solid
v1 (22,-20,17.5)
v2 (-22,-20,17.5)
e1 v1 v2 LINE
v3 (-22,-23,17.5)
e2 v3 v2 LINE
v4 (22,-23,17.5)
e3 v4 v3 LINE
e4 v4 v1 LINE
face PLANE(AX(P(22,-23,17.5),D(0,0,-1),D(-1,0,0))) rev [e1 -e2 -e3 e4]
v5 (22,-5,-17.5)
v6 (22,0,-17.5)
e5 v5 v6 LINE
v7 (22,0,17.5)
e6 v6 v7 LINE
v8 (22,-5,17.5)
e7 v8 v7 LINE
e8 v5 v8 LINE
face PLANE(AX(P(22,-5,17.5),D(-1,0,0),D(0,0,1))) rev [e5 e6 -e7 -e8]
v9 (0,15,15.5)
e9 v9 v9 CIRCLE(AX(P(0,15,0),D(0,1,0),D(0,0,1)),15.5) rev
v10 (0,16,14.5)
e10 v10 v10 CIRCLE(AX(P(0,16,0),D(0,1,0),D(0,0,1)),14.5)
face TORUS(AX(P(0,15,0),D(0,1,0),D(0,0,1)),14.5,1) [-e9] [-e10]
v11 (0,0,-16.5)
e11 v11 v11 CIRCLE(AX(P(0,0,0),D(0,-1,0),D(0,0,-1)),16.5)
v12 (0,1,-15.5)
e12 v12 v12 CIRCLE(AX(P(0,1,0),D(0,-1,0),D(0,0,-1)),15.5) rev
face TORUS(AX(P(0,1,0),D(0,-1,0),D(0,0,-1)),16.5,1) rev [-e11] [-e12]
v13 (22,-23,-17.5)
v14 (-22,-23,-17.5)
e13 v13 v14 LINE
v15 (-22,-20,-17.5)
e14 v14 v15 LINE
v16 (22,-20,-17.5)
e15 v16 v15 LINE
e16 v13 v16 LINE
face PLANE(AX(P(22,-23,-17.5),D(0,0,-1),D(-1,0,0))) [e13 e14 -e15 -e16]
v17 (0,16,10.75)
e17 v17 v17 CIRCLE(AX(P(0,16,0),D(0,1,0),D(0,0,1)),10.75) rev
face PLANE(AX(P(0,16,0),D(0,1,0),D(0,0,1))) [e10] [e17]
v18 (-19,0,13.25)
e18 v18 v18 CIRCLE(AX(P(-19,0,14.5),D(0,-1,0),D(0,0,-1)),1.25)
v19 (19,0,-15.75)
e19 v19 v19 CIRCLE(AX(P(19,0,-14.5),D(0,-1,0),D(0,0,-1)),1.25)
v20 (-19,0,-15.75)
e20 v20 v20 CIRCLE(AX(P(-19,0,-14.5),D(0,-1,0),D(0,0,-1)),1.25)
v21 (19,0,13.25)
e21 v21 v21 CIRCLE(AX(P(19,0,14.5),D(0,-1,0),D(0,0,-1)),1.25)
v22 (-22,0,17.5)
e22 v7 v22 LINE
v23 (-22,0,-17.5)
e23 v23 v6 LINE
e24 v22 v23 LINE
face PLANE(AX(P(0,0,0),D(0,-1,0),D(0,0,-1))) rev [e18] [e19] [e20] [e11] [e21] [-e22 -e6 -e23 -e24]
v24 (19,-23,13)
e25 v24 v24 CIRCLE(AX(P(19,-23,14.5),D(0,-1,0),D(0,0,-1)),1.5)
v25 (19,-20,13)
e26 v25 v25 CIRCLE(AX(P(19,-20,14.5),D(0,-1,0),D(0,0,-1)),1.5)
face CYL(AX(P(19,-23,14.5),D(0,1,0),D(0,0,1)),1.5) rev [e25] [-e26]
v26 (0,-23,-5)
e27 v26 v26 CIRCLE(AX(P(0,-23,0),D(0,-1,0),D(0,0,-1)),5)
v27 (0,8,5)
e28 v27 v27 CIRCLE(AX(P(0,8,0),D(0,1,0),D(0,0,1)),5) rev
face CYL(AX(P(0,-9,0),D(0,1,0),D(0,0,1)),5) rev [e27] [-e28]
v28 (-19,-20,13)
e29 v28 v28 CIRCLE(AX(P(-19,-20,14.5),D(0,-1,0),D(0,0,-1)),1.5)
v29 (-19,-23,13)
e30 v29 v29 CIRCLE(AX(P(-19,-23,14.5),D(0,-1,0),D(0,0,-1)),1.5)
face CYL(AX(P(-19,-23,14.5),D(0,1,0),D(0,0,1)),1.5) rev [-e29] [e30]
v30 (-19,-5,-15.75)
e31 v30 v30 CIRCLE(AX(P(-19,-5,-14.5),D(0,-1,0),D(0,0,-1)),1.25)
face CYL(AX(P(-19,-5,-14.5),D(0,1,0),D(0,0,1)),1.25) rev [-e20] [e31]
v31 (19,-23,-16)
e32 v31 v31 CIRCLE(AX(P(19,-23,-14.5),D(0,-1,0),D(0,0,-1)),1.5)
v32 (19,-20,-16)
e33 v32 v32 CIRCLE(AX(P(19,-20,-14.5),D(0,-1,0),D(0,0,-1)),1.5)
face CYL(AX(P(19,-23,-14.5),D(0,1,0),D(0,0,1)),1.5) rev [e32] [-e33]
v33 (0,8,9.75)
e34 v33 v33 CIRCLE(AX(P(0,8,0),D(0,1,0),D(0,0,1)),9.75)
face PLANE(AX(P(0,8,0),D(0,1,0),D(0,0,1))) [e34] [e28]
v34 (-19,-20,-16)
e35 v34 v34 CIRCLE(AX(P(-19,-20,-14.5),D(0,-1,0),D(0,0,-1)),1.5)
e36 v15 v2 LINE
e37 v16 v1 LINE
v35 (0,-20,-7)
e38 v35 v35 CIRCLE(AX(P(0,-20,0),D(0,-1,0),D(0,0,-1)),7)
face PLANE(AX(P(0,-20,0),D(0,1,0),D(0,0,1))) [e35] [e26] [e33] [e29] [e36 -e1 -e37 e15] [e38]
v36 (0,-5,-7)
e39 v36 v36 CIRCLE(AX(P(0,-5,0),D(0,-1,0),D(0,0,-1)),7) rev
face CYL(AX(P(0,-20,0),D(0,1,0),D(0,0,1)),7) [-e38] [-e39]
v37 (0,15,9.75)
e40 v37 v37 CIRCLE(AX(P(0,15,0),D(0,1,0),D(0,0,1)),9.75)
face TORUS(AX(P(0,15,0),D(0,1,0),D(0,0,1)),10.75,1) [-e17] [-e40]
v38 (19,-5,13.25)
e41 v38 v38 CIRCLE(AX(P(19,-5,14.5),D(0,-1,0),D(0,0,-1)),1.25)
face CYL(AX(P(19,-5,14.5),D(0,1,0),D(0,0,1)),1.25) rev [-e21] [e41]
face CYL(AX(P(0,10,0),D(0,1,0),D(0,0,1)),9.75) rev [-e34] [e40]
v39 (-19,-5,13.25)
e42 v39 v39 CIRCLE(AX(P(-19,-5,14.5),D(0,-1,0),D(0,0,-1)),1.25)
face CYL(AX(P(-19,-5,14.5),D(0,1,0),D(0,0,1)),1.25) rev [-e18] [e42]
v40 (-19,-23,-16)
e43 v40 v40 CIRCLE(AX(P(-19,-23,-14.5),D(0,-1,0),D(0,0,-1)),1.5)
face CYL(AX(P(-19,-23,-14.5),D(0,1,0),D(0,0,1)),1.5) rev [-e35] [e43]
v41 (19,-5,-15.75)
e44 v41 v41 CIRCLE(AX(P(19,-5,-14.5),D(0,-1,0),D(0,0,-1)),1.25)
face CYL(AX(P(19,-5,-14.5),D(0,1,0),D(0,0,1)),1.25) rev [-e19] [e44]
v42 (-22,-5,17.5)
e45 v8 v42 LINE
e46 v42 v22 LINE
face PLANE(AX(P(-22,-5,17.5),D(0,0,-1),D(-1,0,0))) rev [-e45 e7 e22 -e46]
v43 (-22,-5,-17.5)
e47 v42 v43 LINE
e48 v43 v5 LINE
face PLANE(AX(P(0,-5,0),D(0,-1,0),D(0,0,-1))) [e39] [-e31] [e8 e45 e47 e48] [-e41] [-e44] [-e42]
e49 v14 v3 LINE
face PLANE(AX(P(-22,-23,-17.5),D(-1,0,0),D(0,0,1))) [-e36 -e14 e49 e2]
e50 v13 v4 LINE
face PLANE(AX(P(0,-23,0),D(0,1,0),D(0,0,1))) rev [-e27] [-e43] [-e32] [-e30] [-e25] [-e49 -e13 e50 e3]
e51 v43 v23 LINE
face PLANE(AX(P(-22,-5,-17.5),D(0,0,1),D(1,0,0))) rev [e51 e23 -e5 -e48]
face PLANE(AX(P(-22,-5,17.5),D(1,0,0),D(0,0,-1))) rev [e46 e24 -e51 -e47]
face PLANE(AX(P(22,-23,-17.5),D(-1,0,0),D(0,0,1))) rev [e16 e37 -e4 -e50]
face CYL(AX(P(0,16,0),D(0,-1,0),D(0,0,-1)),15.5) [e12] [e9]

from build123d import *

# Parameters (mm, degrees)
SKETCH1_R           = 15.5
BOSS_EXTRUDE1_DEPTH = 16
SKETCH16_W          = 44
SKETCH16_H          = 35
SKETCH16_R          = 1.25
BOSS_EXTRUDE6_DEPTH = 5
SKETCH17_R          = 9.75
CUT_EXTRUDE5_DEPTH  = 6
SKETCH18_R          = 5
CUT_EXTRUDE7_DEPTH  = 19
FILLET4_R           = 1
FILLET1_R           = 1
FILLET3_R           = 1
SKETCH2_R           = 7
BOSS_EXTRUDE3_DEPTH = 20
SKETCH5_R           = 9.75
CUT_EXTRUDE1_DEPTH  = 8
SKETCH6_R           = 5
CUT_EXTRUDE2_DEPTH  = 30
SKETCH12_W          = 44
SKETCH12_H          = 35
BOSS_EXTRUDE4_DEPTH = 3
SKETCH14_R          = 1.5
CUT_EXTRUDE3_DEPTH  = 3
SKETCH15_R          = 5
CUT_EXTRUDE4_DEPTH  = 3


with BuildPart() as part:
    # Sketch1 → Boss-Extrude1 (new body)
    with BuildSketch(Plane(origin=(0, 0, 0), x_dir=(1, 0, 0), z_dir=(0, 1, 0))):
        with Locations(Location((0, 0, 0), (0, 0, 270))):
            Circle(SKETCH1_R)
    extrude(amount=BOSS_EXTRUDE1_DEPTH)

    # Sketch16 → Boss-Extrude6 (add)
    with BuildSketch(Plane.XZ):
        Rectangle(SKETCH16_W, SKETCH16_H)
        with Locations(Location((-19, 14.5, 0), (0, 0, 270))):
            Circle(SKETCH16_R, mode=Mode.SUBTRACT)
        with Locations(Location((19, 14.5, 0), (0, 0, 270))):
            Circle(SKETCH16_R, mode=Mode.SUBTRACT)
        with Locations(Location((19, -14.5, 0), (0, 0, 270))):
            Circle(SKETCH16_R, mode=Mode.SUBTRACT)
        with Locations(Location((-19, -14.5, 0), (0, 0, 270))):
            Circle(SKETCH16_R, mode=Mode.SUBTRACT)
    extrude(amount=BOSS_EXTRUDE6_DEPTH)

    # Sketch17 → Cut-Extrude5 (cut)
    with BuildSketch(Plane(origin=(0, 16, 0), x_dir=(1, 0, 0), z_dir=(0, 1, 0))):
        with Locations(Location((0, 0, 0), (0, 0, 270))):
            Circle(SKETCH17_R)
    extrude(amount=-CUT_EXTRUDE5_DEPTH, mode=Mode.SUBTRACT)

    # Sketch18 → Cut-Extrude7 (cut)
    with BuildSketch(Plane(origin=(0, 10, 0), x_dir=(1, 0, 0), z_dir=(0, 1, 0))):
        with Locations(Location((0, 0, 0), (0, 0, 270))):
            Circle(SKETCH18_R)
    extrude(amount=-CUT_EXTRUDE7_DEPTH, mode=Mode.SUBTRACT)

    # Fillet4
    fillet4_edges = [part.edges().sort_by_distance(p)[0] for p in [
        (0, 0, -15.5),
    ]]
    fillet(fillet4_edges, radius=FILLET4_R)

    # Fillet1
    fillet1_edges = [part.edges().sort_by_distance(p)[0] for p in [
        (0, 16, -9.75),
    ]]
    fillet(fillet1_edges, radius=FILLET1_R)

    # Fillet3
    fillet3_edges = [part.edges().sort_by_distance(p)[0] for p in [
        (0, 16, -15.5),
    ]]
    fillet(fillet3_edges, radius=FILLET3_R)

    # Sketch2 → Boss-Extrude3 (add)
    with BuildSketch(Plane(origin=(0, 0, 0), x_dir=(-1, 0, 0), z_dir=(0, -1, 0))):
        with Locations(Location((0, 0, 0), (0, 0, 90))):
            Circle(SKETCH2_R)
    extrude(amount=BOSS_EXTRUDE3_DEPTH)

    # Sketch5 → Cut-Extrude1 (cut)
    with BuildSketch(Plane(origin=(0, 16, 0), x_dir=(1, 0, 0), z_dir=(0, 1, 0))):
        with Locations(Location((0, 0, 0), (0, 0, 270))):
            Circle(SKETCH5_R)
    extrude(amount=-CUT_EXTRUDE1_DEPTH, mode=Mode.SUBTRACT)

    # Sketch6 → Cut-Extrude2 (cut)
    with BuildSketch(Plane(origin=(0, 8, 0), x_dir=(1, 0, 0), z_dir=(0, 1, 0))):
        with Locations(Location((0, 0, 0), (0, 0, 270))):
            Circle(SKETCH6_R)
    extrude(amount=-CUT_EXTRUDE2_DEPTH, mode=Mode.SUBTRACT)

    # Sketch12 → Boss-Extrude4 (add)
    with BuildSketch(Plane(origin=(0, -20, 0), x_dir=(-1, 0, 0), z_dir=(0, -1, 0))):
        Rectangle(SKETCH12_W, SKETCH12_H)
    extrude(amount=BOSS_EXTRUDE4_DEPTH)

    # Sketch14 → Cut-Extrude3 (cut)
    with BuildSketch(Plane(origin=(0, -20, 0), x_dir=(-1, 0, 0), z_dir=(0, -1, 0))):
        with Locations(Location((-19, -14.5, 0), (0, 0, 90))):
            Circle(SKETCH14_R)
        with Locations(Location((19, -14.5, 0), (0, 0, 90))):
            Circle(SKETCH14_R)
        with Locations(Location((19, 14.5, 0), (0, 0, 90))):
            Circle(SKETCH14_R)
        with Locations(Location((-19, 14.5, 0), (0, 0, 90))):
            Circle(SKETCH14_R)
    extrude(amount=CUT_EXTRUDE3_DEPTH, mode=Mode.SUBTRACT)

    # Sketch15 → Cut-Extrude4 (cut)
    with BuildSketch(Plane(origin=(0, -20, 0), x_dir=(-1, 0, 0), z_dir=(0, -1, 0))):
        with Locations(Location((0, 0, 0), (0, 0, 270))):
            Circle(SKETCH15_R)
    extrude(amount=CUT_EXTRUDE4_DEPTH, mode=Mode.SUBTRACT)


solid = part.part
